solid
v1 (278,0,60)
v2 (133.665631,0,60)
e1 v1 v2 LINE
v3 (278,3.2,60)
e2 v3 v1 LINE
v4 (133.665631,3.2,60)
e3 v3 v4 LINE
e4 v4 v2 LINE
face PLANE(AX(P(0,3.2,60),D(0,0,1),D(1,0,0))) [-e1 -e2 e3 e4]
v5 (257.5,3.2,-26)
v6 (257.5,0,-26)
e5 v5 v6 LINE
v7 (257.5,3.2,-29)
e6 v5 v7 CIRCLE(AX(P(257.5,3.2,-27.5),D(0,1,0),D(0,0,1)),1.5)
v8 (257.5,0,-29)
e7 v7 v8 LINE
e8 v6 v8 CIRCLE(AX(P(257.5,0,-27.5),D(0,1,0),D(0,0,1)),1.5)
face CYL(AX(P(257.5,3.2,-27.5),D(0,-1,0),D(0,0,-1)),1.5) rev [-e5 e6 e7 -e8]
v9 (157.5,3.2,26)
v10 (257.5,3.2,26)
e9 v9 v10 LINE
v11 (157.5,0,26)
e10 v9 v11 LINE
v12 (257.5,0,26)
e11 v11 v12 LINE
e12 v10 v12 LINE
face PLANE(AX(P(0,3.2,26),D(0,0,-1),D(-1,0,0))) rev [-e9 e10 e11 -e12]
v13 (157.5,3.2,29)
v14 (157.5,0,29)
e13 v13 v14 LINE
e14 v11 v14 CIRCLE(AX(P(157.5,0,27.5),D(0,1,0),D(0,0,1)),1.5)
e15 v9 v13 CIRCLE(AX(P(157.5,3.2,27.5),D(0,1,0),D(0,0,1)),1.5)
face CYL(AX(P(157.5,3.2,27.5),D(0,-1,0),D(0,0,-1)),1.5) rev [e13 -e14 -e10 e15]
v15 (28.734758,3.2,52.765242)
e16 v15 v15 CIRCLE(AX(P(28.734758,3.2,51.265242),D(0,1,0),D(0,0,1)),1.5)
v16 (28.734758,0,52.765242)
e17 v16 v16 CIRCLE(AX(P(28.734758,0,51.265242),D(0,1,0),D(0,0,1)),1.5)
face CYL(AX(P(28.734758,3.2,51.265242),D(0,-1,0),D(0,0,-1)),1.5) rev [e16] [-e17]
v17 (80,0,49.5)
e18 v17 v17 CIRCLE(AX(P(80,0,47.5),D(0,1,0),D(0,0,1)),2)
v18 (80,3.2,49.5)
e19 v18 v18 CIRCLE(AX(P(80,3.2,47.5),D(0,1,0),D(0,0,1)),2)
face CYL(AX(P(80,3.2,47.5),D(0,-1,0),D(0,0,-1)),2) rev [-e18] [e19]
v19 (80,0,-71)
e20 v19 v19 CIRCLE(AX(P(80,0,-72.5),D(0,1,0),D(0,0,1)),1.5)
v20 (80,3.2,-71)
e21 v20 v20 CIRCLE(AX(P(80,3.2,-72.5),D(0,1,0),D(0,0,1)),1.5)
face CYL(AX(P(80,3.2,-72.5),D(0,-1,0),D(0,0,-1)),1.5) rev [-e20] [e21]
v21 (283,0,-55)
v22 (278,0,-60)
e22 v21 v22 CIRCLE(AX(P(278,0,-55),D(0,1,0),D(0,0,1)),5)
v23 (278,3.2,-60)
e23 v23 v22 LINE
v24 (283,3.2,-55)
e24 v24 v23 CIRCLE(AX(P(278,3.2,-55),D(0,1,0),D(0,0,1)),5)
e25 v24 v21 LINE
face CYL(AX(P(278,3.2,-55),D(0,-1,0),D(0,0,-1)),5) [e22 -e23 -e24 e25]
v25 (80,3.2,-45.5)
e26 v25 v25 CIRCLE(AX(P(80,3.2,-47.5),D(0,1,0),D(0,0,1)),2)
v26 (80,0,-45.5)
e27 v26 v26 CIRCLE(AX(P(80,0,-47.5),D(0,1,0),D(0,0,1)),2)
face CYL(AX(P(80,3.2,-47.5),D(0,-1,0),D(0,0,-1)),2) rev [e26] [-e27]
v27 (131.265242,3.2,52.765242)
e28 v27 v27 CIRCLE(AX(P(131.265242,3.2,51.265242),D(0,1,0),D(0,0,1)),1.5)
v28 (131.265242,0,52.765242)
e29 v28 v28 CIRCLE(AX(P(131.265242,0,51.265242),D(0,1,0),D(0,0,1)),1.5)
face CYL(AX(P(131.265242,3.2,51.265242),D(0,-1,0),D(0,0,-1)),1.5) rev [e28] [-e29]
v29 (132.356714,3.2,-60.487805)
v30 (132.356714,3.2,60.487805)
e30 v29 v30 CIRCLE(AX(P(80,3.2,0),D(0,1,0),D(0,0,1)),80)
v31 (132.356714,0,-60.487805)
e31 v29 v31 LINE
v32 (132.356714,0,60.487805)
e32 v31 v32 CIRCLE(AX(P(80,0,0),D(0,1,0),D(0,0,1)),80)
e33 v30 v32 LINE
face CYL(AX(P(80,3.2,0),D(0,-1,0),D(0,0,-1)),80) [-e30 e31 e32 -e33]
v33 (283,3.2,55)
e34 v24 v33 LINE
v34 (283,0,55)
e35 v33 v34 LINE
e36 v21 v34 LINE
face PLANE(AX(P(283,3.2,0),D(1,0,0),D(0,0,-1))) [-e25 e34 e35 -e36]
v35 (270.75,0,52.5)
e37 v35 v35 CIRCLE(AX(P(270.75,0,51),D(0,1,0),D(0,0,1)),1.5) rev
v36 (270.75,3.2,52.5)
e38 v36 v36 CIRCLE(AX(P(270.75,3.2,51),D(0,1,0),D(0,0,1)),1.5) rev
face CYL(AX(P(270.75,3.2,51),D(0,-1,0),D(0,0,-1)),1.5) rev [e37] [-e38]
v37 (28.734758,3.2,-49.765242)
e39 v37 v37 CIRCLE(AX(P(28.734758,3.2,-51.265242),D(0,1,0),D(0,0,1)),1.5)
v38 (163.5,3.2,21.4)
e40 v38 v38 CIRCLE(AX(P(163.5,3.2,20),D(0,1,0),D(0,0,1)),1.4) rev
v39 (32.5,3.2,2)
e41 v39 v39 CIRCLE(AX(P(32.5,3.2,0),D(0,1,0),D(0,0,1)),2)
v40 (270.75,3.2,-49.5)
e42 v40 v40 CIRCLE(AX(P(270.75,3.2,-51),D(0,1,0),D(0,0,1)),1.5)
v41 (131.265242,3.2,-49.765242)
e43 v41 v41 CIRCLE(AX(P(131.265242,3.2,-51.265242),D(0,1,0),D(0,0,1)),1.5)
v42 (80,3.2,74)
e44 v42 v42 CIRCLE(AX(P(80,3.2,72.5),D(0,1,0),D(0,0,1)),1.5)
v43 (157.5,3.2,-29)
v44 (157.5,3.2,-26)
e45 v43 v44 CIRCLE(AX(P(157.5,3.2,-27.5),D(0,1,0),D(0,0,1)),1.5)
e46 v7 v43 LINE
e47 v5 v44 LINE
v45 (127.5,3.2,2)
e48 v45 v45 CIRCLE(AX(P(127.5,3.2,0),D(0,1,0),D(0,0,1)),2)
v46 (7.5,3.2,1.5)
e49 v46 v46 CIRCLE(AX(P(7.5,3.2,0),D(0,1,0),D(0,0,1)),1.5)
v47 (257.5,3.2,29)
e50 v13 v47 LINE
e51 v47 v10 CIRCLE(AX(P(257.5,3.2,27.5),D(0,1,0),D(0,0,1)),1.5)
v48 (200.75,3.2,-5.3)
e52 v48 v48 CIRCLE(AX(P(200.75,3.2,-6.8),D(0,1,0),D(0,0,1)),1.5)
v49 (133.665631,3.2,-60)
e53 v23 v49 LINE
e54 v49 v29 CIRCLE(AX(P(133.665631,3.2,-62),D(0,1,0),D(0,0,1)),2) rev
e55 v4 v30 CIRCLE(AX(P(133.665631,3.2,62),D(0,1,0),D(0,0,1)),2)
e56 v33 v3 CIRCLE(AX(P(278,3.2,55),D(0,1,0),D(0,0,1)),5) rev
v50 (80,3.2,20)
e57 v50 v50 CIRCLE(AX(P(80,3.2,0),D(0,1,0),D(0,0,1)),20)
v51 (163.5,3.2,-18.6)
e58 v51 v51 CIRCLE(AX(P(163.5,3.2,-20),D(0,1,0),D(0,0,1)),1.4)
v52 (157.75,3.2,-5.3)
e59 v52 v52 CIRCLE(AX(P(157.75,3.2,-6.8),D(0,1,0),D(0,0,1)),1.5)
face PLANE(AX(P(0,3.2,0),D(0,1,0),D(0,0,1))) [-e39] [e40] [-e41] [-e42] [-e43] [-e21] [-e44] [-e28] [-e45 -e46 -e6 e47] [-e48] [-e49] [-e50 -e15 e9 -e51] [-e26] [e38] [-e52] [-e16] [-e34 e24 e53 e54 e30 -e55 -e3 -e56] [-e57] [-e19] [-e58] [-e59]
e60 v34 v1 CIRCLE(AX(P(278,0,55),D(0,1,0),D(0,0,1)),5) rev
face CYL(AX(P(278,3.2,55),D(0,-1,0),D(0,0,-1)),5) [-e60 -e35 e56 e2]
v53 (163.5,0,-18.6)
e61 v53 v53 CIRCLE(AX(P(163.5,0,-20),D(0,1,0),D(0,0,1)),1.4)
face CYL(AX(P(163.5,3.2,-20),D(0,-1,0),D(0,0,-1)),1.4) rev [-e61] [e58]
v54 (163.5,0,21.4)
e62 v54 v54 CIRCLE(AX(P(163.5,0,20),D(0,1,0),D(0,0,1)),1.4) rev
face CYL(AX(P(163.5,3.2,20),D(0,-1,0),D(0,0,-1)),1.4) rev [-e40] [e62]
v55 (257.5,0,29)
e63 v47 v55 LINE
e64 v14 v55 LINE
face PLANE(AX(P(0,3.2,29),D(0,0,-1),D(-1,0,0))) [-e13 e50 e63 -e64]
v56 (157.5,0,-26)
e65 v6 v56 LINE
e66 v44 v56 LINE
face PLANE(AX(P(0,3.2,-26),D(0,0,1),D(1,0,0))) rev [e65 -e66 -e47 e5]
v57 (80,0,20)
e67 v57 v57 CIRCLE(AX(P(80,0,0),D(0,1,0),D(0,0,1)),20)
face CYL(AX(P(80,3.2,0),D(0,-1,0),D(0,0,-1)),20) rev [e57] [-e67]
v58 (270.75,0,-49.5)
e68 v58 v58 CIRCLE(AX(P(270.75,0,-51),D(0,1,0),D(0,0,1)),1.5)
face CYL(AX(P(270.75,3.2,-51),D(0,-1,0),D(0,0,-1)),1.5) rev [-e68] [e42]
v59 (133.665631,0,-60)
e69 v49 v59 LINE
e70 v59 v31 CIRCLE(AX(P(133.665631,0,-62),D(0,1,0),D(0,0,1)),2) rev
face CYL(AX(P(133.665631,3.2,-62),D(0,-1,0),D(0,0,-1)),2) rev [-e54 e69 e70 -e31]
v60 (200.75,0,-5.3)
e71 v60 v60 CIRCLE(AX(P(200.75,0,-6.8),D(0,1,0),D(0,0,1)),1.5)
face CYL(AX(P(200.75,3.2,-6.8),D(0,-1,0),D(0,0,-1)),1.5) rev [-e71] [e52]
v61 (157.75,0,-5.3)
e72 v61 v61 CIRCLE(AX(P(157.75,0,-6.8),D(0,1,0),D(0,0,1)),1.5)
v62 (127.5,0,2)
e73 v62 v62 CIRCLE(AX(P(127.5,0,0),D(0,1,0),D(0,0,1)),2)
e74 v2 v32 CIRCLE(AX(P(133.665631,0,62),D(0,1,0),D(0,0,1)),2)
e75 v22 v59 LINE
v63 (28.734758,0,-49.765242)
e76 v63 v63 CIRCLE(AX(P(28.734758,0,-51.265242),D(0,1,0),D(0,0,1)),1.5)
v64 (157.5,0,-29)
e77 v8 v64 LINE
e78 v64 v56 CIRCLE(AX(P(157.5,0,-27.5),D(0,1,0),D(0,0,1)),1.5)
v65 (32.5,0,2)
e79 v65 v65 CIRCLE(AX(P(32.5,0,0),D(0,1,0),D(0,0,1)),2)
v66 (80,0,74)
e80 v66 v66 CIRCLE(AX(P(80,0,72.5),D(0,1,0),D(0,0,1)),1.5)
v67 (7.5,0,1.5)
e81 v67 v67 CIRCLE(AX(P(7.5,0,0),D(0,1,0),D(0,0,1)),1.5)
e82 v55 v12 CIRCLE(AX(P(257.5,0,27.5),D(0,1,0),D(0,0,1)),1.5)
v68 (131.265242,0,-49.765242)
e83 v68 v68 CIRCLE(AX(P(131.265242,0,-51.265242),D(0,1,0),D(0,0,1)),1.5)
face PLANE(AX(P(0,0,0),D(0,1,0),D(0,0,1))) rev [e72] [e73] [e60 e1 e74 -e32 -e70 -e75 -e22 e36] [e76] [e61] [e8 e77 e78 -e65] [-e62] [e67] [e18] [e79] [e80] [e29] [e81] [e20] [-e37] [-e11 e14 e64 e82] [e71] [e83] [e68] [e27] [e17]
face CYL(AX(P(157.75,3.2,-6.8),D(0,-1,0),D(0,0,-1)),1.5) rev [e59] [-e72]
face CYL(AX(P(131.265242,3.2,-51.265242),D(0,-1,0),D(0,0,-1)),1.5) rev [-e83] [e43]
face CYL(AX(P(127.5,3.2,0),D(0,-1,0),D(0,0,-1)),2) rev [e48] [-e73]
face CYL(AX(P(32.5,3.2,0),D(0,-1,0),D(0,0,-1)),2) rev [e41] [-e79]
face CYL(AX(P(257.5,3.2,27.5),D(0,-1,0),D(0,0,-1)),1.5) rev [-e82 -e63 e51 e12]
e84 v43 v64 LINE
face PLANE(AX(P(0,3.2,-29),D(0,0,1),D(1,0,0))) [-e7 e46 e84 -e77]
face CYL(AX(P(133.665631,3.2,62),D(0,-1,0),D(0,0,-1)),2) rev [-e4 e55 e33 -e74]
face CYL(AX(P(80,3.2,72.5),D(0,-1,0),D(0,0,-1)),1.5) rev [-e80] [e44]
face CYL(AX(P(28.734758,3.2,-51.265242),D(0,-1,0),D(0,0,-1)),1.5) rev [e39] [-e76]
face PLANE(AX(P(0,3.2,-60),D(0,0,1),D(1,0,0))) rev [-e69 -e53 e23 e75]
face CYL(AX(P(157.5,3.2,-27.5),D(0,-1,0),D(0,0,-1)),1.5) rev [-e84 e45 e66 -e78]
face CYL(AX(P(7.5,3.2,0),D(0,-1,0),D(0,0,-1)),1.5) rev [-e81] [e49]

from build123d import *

# Parameters (mm, degrees)
SKETCH1_R           = 20
SKETCH1_R_2         = 1.5
SKETCH1_R_3         = 2
SKETCH1_R_4         = 1.4
BOSS_EXTRUDE1_DEPTH = 3.2


with BuildPart() as part:
    # Sketch1 → Boss-Extrude1 (new body)
    with BuildSketch(Plane(origin=(0, 0, 0), x_dir=(1, 0, 0), z_dir=(0, 1, 0))):
        with BuildLine():
            Line((283, 55), (283, -55))
            ThreePointArc((283, -55), (281.535533906, -58.535533906), (278, -60))
            Line((278, -60), (133.66563146, -60))
            ThreePointArc((133.66563146, -60), (132.967201164, -60.125914857), (132.35671362, -60.487804878))
            ThreePointArc((132.35671362, -60.487804878), (0, 0), (132.35671362, 60.487804878))
            ThreePointArc((132.35671362, 60.487804878), (132.967201164, 60.125914857), (133.66563146, 60))
            Line((133.66563146, 60), (278, 60))
            ThreePointArc((278, 60), (281.535533906, 58.535533906), (283, 55))
        make_face()
        with Locations(Location((80, 0, 0), (0, 0, 270))):
            Circle(SKETCH1_R, mode=Mode.SUBTRACT)
        with Locations(Location((7.5, 0, 0), (0, 0, 270))):
            Circle(SKETCH1_R_2, mode=Mode.SUBTRACT)
        with Locations(Location((28.734758364, 51.265241636, 0), (0, 0, 270))):
            Circle(SKETCH1_R_2, mode=Mode.SUBTRACT)
        with Locations(Location((80, 72.5, 0), (0, 0, 270))):
            Circle(SKETCH1_R_2, mode=Mode.SUBTRACT)
        with Locations(Location((131.265241636, 51.265241636, 0), (0, 0, 270))):
            Circle(SKETCH1_R_2, mode=Mode.SUBTRACT)
        with Locations(Location((131.265241636, -51.265241636, 0), (0, 0, 270))):
            Circle(SKETCH1_R_2, mode=Mode.SUBTRACT)
        with Locations(Location((80, -72.5, 0), (0, 0, 270))):
            Circle(SKETCH1_R_2, mode=Mode.SUBTRACT)
        with Locations(Location((28.734758364, -51.265241636, 0), (0, 0, 270))):
            Circle(SKETCH1_R_2, mode=Mode.SUBTRACT)
        with Locations(Location((32.5, 0, 0), (0, 0, 270))):
            Circle(SKETCH1_R_3, mode=Mode.SUBTRACT)
        with Locations(Location((80, 47.5, 0), (0, 0, 270))):
            Circle(SKETCH1_R_3, mode=Mode.SUBTRACT)
        with Locations(Location((127.5, 0, 0), (0, 0, 270))):
            Circle(SKETCH1_R_3, mode=Mode.SUBTRACT)
        with Locations(Location((80, -47.5, 0), (0, 0, 270))):
            Circle(SKETCH1_R_3, mode=Mode.SUBTRACT)
        with Locations(Location((270.75, 51, 0), (0, 0, 270))):
            Circle(SKETCH1_R_2, mode=Mode.SUBTRACT)
        with Locations(Location((270.75, -51, 0), (0, 0, 270))):
            Circle(SKETCH1_R_2, mode=Mode.SUBTRACT)
        with Locations(Location((163.5, 20, 0), (0, 0, 270))):
            Circle(SKETCH1_R_4, mode=Mode.SUBTRACT)
        with Locations(Location((163.5, -20, 0), (0, 0, 270))):
            Circle(SKETCH1_R_4, mode=Mode.SUBTRACT)
        with Locations(Location((157.75, 6.8, 0), (0, 0, 270))):
            Circle(SKETCH1_R_2, mode=Mode.SUBTRACT)
        with Locations(Location((200.75, 6.8, 0), (0, 0, 270))):
            Circle(SKETCH1_R_2, mode=Mode.SUBTRACT)
        with BuildLine():
            Line((157.5, -29), (257.5, -29))
            ThreePointArc((257.5, -29), (259, -27.5), (257.5, -26))
            Line((257.5, -26), (157.5, -26))
            ThreePointArc((157.5, -26), (156, -27.5), (157.5, -29))
        make_face(mode=Mode.SUBTRACT)
        with BuildLine():
            Line((257.5, 26), (157.5, 26))
            ThreePointArc((157.5, 26), (156, 27.5), (157.5, 29))
            Line((157.5, 29), (257.5, 29))
            ThreePointArc((257.5, 29), (259, 27.5), (257.5, 26))
        make_face(mode=Mode.SUBTRACT)
    extrude(amount=BOSS_EXTRUDE1_DEPTH)


solid = part.part
